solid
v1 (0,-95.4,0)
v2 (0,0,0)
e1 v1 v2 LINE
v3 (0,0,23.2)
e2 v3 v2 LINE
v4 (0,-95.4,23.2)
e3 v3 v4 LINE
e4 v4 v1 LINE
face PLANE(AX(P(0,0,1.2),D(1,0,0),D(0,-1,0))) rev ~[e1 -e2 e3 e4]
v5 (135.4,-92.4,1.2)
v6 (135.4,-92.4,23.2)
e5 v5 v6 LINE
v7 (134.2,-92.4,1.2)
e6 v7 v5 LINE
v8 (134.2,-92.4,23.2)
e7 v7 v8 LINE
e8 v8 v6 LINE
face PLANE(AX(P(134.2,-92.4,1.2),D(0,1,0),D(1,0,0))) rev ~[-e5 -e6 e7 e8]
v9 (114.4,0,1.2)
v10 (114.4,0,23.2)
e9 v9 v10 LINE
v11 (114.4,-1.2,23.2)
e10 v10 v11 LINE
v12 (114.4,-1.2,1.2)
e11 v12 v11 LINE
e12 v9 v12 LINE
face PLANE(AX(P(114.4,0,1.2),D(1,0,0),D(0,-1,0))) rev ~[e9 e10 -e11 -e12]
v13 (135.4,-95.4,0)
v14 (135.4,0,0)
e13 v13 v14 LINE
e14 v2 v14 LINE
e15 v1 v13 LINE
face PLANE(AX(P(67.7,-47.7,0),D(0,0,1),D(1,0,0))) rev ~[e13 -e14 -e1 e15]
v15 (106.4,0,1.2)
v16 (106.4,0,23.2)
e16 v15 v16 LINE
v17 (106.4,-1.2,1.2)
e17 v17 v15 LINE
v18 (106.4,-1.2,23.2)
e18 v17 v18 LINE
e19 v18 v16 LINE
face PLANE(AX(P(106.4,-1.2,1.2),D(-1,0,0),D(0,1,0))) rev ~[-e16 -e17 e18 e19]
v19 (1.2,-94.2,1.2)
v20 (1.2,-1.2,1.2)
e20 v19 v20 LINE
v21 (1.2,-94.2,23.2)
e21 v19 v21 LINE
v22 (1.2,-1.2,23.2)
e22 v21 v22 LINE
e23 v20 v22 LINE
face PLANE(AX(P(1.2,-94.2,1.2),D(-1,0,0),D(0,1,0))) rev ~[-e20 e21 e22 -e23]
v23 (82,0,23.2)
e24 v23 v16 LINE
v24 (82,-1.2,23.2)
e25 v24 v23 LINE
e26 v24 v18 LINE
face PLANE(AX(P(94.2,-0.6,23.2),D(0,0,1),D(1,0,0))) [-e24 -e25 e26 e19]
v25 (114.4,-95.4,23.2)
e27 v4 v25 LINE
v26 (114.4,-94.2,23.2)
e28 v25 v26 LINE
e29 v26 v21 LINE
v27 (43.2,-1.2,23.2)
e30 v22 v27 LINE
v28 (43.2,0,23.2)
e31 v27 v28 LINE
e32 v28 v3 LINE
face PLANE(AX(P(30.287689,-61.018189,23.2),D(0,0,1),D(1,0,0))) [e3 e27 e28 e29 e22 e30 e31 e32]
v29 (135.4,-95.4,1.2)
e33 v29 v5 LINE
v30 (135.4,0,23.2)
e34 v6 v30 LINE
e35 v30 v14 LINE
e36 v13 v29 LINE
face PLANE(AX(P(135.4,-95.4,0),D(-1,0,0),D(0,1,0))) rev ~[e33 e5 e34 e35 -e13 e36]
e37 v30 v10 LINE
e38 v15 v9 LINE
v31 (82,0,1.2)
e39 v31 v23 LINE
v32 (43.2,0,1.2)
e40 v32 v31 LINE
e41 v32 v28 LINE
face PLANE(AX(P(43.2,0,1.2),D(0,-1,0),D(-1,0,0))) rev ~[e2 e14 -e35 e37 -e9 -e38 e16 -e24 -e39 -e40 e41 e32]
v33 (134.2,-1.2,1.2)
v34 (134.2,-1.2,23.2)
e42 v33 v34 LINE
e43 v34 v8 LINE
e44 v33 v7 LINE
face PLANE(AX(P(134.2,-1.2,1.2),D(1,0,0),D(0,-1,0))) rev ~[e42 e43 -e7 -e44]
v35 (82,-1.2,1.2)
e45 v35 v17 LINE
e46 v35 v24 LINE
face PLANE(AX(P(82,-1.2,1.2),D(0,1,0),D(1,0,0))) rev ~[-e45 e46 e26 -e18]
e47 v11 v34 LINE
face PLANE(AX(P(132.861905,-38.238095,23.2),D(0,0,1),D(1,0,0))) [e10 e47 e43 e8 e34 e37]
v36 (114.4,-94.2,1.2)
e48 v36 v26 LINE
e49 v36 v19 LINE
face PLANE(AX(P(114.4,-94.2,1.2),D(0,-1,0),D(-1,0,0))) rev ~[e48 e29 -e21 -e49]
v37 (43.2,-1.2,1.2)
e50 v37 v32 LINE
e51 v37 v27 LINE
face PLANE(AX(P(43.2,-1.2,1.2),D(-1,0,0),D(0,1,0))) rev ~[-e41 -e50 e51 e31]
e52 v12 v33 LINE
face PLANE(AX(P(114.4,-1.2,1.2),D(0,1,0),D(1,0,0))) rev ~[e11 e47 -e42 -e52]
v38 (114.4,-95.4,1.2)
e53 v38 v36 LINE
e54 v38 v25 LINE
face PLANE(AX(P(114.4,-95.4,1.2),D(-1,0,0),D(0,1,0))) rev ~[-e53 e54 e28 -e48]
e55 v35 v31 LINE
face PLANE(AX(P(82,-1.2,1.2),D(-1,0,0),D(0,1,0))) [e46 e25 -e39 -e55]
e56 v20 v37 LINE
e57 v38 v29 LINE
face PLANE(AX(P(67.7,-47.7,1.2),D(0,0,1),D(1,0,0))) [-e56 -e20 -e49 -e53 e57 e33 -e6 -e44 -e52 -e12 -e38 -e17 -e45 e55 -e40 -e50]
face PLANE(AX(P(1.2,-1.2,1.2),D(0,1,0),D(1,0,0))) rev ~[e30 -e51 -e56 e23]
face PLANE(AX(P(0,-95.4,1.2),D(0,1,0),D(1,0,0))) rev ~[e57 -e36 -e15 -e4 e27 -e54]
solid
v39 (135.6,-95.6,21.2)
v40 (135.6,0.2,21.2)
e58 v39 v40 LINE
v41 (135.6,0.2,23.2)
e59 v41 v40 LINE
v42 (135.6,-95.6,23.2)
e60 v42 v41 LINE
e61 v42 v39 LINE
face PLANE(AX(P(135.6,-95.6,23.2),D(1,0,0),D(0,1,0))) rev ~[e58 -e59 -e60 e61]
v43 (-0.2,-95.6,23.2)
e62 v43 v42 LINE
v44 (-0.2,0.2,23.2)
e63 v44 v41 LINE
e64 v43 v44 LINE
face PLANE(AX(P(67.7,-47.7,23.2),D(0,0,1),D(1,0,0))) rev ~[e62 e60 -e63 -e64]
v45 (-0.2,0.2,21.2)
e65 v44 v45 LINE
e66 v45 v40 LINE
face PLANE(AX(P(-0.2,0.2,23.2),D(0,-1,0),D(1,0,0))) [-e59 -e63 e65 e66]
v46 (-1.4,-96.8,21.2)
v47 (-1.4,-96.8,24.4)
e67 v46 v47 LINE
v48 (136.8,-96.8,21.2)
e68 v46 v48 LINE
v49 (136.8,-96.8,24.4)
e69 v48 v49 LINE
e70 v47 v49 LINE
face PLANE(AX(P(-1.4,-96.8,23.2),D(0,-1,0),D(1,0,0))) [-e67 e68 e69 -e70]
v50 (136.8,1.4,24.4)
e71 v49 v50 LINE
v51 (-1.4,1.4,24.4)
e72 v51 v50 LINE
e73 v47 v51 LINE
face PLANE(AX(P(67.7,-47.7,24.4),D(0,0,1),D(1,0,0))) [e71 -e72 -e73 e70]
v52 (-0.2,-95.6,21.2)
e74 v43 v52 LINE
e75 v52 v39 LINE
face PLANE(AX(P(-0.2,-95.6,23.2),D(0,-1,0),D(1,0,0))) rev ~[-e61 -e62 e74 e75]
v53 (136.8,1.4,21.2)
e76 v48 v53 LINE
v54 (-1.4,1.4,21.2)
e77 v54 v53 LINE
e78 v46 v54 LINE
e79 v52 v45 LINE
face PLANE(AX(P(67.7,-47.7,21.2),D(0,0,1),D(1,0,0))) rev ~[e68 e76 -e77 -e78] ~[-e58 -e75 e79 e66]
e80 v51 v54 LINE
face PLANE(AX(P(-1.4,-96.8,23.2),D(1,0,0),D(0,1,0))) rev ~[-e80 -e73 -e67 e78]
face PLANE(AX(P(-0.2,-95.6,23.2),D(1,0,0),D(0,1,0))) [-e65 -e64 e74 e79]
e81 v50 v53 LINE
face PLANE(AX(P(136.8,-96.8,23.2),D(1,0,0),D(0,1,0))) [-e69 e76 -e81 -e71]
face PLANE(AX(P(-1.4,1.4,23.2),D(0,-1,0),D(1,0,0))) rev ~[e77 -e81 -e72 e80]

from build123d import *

# Parameters (mm, degrees)
F0_W     = 135.4
F0_H     = 95.4
F1_DEPTH = 1.2
F2_W     = 24.4
F2_H     = 1.2
F3_DEPTH = 22
F4_W     = 138.2
F4_H     = 98.2
F5_DEPTH = 1.2
F6_W     = 138.2
F6_H     = 98.2
F6_W_2   = 135.8
F6_H_2   = 95.8
F7_DEPTH = 2


with BuildPart() as f1:
    # F0 (on Top) → F1 (new body)
    with BuildSketch(Plane.XY):
        with Locations((67.7, -47.7)):
            Rectangle(F0_W, F0_H)
    extrude(amount=F1_DEPTH)

    # F2 (on face) → F3 (join)
    with BuildSketch(Plane.XY.offset(1.2)):
        Polygon((0, -95.4), (114.4, -95.4), (114.4, -94.2), (1.2, -94.2), (1.2, -1.2), (43.2, -1.2), (43.2, 0), (0, 0), align=None)
        with Locations((94.2, -0.6)):
            Rectangle(F2_W, F2_H)
        Polygon((135.4, 0), (114.4, 0), (114.4, -1.2), (134.2, -1.2), (134.2, -92.4), (135.4, -92.4), align=None)
    extrude(amount=F3_DEPTH)


with BuildPart() as f5:
    # F4 (on face) → F5 (new body)
    with BuildSketch(Plane.XY.offset(23.2)):
        with Locations((67.7, -47.7)):
            Rectangle(F4_W, F4_H)
    extrude(amount=F5_DEPTH)

    # F6 (on face) → F7 (join)
    with BuildSketch(Plane.XY.offset(23.2)):
        with Locations((67.7, -47.7)):
            Rectangle(F6_W, F6_H)
        with Locations((67.7, -47.7)):
            Rectangle(F6_W_2, F6_H_2, mode=Mode.SUBTRACT)
    extrude(amount=-F7_DEPTH)


solid = Compound([f1.part, f5.part])
